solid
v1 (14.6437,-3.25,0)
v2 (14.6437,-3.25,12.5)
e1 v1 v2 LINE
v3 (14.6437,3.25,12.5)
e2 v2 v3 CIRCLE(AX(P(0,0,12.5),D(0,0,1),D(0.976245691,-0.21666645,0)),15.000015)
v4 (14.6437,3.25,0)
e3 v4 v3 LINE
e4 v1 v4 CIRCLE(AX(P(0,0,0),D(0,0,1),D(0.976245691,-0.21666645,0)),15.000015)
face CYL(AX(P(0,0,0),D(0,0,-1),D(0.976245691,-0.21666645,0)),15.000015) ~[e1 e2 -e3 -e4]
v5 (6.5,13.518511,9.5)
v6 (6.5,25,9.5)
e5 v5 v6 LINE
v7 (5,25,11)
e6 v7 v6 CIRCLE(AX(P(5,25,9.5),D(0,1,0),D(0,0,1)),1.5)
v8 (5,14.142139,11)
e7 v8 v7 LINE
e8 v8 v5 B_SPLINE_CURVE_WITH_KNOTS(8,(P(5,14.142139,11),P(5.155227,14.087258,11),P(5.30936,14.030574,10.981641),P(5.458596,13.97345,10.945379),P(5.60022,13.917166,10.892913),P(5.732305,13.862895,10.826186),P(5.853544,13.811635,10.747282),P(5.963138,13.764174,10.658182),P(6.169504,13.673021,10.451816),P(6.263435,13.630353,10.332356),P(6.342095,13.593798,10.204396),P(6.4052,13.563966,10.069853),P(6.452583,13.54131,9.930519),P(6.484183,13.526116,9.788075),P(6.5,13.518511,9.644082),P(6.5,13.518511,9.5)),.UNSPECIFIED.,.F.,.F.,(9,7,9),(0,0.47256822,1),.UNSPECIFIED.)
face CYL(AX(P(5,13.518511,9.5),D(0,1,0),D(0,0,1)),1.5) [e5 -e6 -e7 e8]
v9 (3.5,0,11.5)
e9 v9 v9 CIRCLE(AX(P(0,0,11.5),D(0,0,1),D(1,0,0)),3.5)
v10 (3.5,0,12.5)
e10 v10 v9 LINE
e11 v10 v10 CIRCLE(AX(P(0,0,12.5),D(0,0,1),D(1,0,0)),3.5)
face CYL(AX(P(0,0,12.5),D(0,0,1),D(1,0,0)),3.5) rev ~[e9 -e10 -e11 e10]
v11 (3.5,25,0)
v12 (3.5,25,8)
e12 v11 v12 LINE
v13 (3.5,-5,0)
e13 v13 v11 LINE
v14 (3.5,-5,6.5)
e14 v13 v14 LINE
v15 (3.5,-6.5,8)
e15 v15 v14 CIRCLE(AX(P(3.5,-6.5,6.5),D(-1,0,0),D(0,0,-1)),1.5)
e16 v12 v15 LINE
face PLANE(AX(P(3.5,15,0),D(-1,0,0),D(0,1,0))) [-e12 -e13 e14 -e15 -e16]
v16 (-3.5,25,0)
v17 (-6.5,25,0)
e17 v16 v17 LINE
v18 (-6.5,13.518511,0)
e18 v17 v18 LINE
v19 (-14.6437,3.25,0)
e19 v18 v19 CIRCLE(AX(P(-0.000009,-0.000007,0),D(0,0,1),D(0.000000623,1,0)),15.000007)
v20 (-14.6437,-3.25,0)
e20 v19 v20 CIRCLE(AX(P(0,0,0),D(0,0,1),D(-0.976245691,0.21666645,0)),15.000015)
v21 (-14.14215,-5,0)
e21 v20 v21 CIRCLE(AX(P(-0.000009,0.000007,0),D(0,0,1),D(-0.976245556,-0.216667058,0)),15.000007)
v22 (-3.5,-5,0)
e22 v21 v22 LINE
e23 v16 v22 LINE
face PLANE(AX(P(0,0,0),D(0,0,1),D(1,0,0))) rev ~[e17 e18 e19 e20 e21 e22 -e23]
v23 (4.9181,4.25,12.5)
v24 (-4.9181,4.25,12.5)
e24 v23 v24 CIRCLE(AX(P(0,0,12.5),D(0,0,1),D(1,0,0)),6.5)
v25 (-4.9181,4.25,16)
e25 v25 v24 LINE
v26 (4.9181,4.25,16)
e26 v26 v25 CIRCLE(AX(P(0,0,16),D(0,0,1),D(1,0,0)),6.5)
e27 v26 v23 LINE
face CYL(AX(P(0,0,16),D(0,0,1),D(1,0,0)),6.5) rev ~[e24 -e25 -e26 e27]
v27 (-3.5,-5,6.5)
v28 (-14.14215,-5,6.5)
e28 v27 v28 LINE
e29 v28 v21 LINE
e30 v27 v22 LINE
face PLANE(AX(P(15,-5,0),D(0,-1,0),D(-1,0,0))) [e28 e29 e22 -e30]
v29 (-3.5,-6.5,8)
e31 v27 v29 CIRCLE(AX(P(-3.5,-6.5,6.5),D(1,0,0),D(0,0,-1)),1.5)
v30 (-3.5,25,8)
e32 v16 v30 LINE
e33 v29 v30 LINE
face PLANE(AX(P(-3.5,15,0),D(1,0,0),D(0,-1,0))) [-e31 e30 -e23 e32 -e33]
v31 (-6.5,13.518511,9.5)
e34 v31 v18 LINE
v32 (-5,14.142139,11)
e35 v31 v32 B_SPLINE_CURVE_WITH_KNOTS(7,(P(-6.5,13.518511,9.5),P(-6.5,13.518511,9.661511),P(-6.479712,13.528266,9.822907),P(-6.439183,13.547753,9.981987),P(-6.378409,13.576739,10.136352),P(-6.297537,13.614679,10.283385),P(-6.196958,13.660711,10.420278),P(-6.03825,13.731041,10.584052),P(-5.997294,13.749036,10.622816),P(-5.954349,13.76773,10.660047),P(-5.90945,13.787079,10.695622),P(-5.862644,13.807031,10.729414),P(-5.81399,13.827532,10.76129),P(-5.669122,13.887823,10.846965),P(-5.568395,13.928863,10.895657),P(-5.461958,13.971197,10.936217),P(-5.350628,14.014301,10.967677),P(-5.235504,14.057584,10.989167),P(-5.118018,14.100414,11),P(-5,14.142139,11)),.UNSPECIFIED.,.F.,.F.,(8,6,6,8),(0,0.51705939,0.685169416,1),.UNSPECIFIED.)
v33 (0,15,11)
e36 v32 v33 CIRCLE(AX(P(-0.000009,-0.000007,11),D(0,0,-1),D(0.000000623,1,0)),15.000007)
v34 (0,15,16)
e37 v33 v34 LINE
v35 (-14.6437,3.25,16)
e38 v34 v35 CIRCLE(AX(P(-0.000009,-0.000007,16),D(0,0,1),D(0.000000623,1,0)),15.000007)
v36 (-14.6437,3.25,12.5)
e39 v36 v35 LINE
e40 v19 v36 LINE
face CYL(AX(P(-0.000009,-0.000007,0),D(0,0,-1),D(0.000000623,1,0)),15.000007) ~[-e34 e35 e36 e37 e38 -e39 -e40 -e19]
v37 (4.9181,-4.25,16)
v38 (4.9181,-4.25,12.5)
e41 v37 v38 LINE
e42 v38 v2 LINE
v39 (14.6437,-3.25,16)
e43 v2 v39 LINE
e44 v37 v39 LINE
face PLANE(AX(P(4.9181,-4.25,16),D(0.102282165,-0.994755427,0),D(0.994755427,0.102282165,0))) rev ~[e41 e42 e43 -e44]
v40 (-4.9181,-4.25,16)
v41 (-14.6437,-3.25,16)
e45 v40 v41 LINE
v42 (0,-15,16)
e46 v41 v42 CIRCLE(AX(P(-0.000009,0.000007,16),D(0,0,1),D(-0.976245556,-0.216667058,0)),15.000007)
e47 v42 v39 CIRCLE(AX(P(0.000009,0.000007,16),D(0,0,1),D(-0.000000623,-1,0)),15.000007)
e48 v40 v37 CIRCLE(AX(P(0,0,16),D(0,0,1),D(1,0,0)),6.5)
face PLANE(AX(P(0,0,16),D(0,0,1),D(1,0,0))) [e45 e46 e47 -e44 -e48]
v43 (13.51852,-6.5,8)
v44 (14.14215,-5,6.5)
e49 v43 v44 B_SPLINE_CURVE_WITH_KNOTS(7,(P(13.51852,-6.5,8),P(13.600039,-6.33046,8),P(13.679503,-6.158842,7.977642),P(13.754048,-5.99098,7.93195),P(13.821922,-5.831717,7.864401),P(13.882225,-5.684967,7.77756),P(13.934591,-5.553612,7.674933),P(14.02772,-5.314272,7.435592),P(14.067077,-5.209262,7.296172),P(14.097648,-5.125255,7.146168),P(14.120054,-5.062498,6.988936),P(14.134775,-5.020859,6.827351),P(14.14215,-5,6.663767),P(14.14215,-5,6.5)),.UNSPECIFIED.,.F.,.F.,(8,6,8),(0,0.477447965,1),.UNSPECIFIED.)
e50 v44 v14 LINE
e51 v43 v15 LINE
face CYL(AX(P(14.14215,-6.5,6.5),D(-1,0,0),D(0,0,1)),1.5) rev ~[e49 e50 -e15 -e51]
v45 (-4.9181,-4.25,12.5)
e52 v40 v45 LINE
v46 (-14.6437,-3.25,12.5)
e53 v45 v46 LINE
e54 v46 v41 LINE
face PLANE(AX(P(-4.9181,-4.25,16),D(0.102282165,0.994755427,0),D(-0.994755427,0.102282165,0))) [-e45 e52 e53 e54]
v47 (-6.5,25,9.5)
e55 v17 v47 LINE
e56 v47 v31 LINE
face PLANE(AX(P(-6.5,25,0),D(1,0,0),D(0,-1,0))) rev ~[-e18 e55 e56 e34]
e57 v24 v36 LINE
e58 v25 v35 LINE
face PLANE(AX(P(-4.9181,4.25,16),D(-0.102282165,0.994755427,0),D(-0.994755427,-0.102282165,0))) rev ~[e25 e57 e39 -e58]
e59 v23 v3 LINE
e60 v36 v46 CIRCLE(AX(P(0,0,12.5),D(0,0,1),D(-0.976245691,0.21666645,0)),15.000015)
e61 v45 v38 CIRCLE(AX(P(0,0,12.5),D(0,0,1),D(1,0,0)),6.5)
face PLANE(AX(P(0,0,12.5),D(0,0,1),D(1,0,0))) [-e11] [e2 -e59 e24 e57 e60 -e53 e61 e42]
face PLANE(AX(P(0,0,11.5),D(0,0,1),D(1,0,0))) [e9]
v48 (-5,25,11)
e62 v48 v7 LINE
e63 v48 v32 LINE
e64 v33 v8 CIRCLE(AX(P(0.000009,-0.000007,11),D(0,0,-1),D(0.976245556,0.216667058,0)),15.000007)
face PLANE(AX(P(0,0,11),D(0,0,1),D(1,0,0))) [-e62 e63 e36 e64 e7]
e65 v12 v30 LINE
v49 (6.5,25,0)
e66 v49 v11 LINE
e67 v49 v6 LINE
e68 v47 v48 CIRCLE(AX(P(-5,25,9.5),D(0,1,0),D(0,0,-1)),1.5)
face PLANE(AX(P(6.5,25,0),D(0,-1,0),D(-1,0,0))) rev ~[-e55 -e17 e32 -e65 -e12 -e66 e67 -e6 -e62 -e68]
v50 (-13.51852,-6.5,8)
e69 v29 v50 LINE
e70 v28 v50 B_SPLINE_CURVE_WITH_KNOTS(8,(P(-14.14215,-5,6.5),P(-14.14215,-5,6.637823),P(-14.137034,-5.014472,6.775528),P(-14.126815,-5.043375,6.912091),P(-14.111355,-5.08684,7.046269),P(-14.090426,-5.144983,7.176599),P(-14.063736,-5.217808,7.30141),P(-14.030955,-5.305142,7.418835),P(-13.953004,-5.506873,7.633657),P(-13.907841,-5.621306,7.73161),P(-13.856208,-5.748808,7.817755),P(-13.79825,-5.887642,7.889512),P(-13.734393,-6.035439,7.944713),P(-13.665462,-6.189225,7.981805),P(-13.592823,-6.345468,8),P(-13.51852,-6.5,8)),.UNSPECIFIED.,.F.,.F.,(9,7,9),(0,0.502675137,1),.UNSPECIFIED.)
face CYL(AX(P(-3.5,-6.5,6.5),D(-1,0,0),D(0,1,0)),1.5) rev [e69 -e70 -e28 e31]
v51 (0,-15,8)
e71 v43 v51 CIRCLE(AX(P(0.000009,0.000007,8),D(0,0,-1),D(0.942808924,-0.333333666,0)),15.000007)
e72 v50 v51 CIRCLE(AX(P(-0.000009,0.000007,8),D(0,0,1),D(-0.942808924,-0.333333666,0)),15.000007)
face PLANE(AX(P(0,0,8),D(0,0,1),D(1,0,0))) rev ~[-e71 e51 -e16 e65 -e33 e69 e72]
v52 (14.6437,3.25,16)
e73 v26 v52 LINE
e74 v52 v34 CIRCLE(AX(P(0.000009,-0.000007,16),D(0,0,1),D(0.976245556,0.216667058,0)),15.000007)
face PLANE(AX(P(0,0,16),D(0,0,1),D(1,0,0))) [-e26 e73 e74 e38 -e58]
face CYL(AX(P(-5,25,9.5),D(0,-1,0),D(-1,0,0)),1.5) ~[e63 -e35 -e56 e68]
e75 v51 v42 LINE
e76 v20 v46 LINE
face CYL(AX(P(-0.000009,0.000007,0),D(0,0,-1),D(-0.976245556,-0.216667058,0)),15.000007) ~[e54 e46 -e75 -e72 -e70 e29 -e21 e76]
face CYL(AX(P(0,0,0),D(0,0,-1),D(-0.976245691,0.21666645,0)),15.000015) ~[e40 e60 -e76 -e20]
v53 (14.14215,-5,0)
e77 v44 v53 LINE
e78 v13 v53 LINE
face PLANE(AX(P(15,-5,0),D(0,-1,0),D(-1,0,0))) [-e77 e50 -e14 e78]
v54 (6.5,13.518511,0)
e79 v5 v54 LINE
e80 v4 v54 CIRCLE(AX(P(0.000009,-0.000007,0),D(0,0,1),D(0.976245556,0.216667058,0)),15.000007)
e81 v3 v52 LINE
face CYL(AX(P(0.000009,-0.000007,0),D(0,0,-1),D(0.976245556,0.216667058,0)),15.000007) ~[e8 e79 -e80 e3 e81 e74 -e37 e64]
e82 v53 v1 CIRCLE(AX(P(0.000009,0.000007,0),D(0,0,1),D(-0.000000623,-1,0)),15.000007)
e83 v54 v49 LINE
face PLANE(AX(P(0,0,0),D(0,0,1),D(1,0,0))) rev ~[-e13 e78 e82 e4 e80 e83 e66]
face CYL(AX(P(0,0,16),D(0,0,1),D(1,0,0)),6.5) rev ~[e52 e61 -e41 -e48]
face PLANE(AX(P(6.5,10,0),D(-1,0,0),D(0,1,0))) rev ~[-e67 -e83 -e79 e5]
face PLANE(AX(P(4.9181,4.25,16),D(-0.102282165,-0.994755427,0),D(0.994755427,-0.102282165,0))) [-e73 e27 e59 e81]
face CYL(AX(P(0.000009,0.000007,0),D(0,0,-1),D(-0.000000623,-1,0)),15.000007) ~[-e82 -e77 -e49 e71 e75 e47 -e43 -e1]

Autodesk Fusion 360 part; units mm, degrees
sketch "Sketch1" plane through (0, 0, 0) normal (0, 0, 1) x (1, 0, 0)
  circle A0 centre (0, 0) radius 6.5
  line L0 (-15, 0) -> (15, 0) construction
  line L1 (0, 15) -> (0, -15) construction
  arc A1 (-14.6437, -3.25) -> (0, -15) centre (0, 0) ccw
  arc A2 (14.6437, -3.25) -> (14.6437, 3.25) centre (0, 0) ccw
  arc A3 (-14.6437, 3.25) -> (-14.6437, -3.25) centre (0, 0) ccw
  arc A4 (0, 15) -> (-14.6437, 3.25) centre (0, 0) ccw
  arc A5 (0, -15) -> (14.6437, -3.25) centre (0, 0) ccw
  arc A6 (14.6437, 3.25) -> (0, 15) centre (0, 0) ccw
  line L2 (4.9181, 4.25) -> (4.9181, -4.25)
  line L3 (14.6437, 3.25) -> (14.6437, -3.25)
  line L4 (4.9181, -4.25) -> (14.6437, -3.25)
  line L5 (4.9181, 4.25) -> (14.6437, 3.25)
  line L6 (-14.6437, 3.25) -> (-14.6437, -3.25)
  line L7 (-4.9181, -4.25) -> (-14.6437, -3.25)
  line L8 (-4.9181, 4.25) -> (-4.9181, -4.25)
  line L9 (-4.9181, 4.25) -> (-14.6437, 3.25)
  circle A7 centre (0, 0) radius 3.5
  dimension "d1" = 30
  dimension "d2" = 13
  dimension "d5" = 6.5
  dimension "d6" = 8.5
  dimension "d25" = 7
extrude "Extrude1" add sketch "Sketch1" along normal blind 16 contours A0 L2 | A0 L3 L4 L5 | A0 L2 L8 | A0 A4 A6 L5 L9 | A0 A1 A5 L4 L7 | A0 L8 | A0 L6 L7 L9 | A2 L3 | A3 L6 | A7
extrude "Extrude2" cut sketch "Sketch1" against normal blind 3.5 from surface at 16 contours A0 L2 | A0 L3 L4 L5 | A0 L2 L8 | A0 L8 | A0 L6 L7 L9 | A2 L3 | A3 L6 | A7
sketch "Sketch2" plane through (0, 0, 0) normal (0, 0, 1) x (1, 0, 0)
  arc A0 (-14.6437, -3.25) -> (0, -15) centre (0, 0) ccw
  arc A1 (0, -15) -> (14.6437, -3.25) centre (0, 0) ccw
  arc A2 (14.6437, -3.25) -> (14.6437, 3.25) centre (0, 0) ccw
  arc A3 (14.6437, 3.25) -> (0, 15) centre (0, 0) ccw
  arc A4 (0, 15) -> (-14.6437, 3.25) centre (0, 0) ccw
  arc A5 (-14.6437, 3.25) -> (-14.6437, -3.25) centre (0, 0) ccw
  line L0 (3.5, 15) -> (-3.5, 15)
  line L1 (-3.5, 15) -> (-3.5, -15)
  line L2 (-3.5, -15) -> (3.5, -15)
  line L3 (3.5, -15) -> (3.5, 15)
  line L4 (3.5, 15) -> (-3.5, -15) construction
  line L5 (-3.5, 15) -> (3.5, -15) construction
  dimension "d29" = 7
  dimension "d30" = 30
extrude "Extrude5" cut sketch "Sketch1" against normal blind 1 from surface at 12.5 contours A7
extrude "Extrude6" cut sketch "Sketch2" along normal blind 8 contours A0 A1 A3 A4 L1 L3
sketch "Sketch3" plane through (0, 0, 0) normal (0, 0, 1) x (1, 0, 0)
  arc A0 (0, 15) -> (-14.6437, 3.25) centre (0, 0) ccw construction
  arc A1 (-14.6437, 3.25) -> (-14.6437, -3.25) centre (0, 0) ccw construction
  arc A2 (-14.6437, -3.25) -> (0, -15) centre (0, 0) ccw construction
  arc A3 (0, -15) -> (14.6437, -3.25) centre (0, 0) ccw construction
  arc A4 (14.6437, 3.25) -> (0, 15) centre (0, 0) ccw construction
  arc A5 (14.6437, -3.25) -> (14.6437, 3.25) centre (0, 0) ccw construction
  line L0 (15, -15) -> (15, -5)
  line L1 (15, -5) -> (-15, -5)
  line L2 (-15, -5) -> (-15, -15)
  line L3 (0, 15) -> (0, 10) construction
  line L4 (6.5, 10) -> (6.5, 25)
  line L5 (6.5, 25) -> (-6.5, 25)
  line L6 (-6.5, 25) -> (-6.5, 10)
  line L7 (-11.1803, 10) -> (-6.5, 10) construction
  line L8 (6.5, 10) -> (11.1803, 10) construction
  line L9 (-6.5, 10) -> (0, 10)
  line L10 (0, 10) -> (6.5, 10)
  line L11 (3.5, 15) -> (-3.5, 15) construction
  line L12 (3.5, -15) -> (3.5, 15)
  line L13 (-3.5, -15) -> (3.5, -15) construction
  line L14 (-3.5, 15) -> (-3.5, -15)
  line L15 (15, -15) -> (-15, -15)
  line L16 (-3.5, 15) -> (-3.5, 25)
  line L17 (3.5, 15) -> (3.5, 25)
  dimension "d38" = 10
  dimension "d39" = 30
  dimension "d40" = 5
  dimension "d41" = 15
  dimension "d42" = 13
  dimension "d43" = 6.5
  dimension "d46" = 15
extrude "Extrude7 (1)" add sketch "Sketch3" along normal blind 11 contours L4 L5 L10 L12 L17 | L5 L9 L10 L12 L14 L16 L17 | L5 L6 L9 L14 L16
extrude "Extrude8" cut sketch "Sketch3" along normal blind 8 contours L0 L1 L12 L15 | L1 L12 L14 L15 | L1 L2 L14 L15 | L5 L9 L10 L12 L14 L16 L17
fillet "Fillet1" radius 1.5 2 edges at (6.5, 19.2593, 11) (-6.5, 19.2593, 11)
fillet "Fillet2" radius 1.5 2 edges at (8.8211, -5, 8) (-8.8211, -5, 8)
